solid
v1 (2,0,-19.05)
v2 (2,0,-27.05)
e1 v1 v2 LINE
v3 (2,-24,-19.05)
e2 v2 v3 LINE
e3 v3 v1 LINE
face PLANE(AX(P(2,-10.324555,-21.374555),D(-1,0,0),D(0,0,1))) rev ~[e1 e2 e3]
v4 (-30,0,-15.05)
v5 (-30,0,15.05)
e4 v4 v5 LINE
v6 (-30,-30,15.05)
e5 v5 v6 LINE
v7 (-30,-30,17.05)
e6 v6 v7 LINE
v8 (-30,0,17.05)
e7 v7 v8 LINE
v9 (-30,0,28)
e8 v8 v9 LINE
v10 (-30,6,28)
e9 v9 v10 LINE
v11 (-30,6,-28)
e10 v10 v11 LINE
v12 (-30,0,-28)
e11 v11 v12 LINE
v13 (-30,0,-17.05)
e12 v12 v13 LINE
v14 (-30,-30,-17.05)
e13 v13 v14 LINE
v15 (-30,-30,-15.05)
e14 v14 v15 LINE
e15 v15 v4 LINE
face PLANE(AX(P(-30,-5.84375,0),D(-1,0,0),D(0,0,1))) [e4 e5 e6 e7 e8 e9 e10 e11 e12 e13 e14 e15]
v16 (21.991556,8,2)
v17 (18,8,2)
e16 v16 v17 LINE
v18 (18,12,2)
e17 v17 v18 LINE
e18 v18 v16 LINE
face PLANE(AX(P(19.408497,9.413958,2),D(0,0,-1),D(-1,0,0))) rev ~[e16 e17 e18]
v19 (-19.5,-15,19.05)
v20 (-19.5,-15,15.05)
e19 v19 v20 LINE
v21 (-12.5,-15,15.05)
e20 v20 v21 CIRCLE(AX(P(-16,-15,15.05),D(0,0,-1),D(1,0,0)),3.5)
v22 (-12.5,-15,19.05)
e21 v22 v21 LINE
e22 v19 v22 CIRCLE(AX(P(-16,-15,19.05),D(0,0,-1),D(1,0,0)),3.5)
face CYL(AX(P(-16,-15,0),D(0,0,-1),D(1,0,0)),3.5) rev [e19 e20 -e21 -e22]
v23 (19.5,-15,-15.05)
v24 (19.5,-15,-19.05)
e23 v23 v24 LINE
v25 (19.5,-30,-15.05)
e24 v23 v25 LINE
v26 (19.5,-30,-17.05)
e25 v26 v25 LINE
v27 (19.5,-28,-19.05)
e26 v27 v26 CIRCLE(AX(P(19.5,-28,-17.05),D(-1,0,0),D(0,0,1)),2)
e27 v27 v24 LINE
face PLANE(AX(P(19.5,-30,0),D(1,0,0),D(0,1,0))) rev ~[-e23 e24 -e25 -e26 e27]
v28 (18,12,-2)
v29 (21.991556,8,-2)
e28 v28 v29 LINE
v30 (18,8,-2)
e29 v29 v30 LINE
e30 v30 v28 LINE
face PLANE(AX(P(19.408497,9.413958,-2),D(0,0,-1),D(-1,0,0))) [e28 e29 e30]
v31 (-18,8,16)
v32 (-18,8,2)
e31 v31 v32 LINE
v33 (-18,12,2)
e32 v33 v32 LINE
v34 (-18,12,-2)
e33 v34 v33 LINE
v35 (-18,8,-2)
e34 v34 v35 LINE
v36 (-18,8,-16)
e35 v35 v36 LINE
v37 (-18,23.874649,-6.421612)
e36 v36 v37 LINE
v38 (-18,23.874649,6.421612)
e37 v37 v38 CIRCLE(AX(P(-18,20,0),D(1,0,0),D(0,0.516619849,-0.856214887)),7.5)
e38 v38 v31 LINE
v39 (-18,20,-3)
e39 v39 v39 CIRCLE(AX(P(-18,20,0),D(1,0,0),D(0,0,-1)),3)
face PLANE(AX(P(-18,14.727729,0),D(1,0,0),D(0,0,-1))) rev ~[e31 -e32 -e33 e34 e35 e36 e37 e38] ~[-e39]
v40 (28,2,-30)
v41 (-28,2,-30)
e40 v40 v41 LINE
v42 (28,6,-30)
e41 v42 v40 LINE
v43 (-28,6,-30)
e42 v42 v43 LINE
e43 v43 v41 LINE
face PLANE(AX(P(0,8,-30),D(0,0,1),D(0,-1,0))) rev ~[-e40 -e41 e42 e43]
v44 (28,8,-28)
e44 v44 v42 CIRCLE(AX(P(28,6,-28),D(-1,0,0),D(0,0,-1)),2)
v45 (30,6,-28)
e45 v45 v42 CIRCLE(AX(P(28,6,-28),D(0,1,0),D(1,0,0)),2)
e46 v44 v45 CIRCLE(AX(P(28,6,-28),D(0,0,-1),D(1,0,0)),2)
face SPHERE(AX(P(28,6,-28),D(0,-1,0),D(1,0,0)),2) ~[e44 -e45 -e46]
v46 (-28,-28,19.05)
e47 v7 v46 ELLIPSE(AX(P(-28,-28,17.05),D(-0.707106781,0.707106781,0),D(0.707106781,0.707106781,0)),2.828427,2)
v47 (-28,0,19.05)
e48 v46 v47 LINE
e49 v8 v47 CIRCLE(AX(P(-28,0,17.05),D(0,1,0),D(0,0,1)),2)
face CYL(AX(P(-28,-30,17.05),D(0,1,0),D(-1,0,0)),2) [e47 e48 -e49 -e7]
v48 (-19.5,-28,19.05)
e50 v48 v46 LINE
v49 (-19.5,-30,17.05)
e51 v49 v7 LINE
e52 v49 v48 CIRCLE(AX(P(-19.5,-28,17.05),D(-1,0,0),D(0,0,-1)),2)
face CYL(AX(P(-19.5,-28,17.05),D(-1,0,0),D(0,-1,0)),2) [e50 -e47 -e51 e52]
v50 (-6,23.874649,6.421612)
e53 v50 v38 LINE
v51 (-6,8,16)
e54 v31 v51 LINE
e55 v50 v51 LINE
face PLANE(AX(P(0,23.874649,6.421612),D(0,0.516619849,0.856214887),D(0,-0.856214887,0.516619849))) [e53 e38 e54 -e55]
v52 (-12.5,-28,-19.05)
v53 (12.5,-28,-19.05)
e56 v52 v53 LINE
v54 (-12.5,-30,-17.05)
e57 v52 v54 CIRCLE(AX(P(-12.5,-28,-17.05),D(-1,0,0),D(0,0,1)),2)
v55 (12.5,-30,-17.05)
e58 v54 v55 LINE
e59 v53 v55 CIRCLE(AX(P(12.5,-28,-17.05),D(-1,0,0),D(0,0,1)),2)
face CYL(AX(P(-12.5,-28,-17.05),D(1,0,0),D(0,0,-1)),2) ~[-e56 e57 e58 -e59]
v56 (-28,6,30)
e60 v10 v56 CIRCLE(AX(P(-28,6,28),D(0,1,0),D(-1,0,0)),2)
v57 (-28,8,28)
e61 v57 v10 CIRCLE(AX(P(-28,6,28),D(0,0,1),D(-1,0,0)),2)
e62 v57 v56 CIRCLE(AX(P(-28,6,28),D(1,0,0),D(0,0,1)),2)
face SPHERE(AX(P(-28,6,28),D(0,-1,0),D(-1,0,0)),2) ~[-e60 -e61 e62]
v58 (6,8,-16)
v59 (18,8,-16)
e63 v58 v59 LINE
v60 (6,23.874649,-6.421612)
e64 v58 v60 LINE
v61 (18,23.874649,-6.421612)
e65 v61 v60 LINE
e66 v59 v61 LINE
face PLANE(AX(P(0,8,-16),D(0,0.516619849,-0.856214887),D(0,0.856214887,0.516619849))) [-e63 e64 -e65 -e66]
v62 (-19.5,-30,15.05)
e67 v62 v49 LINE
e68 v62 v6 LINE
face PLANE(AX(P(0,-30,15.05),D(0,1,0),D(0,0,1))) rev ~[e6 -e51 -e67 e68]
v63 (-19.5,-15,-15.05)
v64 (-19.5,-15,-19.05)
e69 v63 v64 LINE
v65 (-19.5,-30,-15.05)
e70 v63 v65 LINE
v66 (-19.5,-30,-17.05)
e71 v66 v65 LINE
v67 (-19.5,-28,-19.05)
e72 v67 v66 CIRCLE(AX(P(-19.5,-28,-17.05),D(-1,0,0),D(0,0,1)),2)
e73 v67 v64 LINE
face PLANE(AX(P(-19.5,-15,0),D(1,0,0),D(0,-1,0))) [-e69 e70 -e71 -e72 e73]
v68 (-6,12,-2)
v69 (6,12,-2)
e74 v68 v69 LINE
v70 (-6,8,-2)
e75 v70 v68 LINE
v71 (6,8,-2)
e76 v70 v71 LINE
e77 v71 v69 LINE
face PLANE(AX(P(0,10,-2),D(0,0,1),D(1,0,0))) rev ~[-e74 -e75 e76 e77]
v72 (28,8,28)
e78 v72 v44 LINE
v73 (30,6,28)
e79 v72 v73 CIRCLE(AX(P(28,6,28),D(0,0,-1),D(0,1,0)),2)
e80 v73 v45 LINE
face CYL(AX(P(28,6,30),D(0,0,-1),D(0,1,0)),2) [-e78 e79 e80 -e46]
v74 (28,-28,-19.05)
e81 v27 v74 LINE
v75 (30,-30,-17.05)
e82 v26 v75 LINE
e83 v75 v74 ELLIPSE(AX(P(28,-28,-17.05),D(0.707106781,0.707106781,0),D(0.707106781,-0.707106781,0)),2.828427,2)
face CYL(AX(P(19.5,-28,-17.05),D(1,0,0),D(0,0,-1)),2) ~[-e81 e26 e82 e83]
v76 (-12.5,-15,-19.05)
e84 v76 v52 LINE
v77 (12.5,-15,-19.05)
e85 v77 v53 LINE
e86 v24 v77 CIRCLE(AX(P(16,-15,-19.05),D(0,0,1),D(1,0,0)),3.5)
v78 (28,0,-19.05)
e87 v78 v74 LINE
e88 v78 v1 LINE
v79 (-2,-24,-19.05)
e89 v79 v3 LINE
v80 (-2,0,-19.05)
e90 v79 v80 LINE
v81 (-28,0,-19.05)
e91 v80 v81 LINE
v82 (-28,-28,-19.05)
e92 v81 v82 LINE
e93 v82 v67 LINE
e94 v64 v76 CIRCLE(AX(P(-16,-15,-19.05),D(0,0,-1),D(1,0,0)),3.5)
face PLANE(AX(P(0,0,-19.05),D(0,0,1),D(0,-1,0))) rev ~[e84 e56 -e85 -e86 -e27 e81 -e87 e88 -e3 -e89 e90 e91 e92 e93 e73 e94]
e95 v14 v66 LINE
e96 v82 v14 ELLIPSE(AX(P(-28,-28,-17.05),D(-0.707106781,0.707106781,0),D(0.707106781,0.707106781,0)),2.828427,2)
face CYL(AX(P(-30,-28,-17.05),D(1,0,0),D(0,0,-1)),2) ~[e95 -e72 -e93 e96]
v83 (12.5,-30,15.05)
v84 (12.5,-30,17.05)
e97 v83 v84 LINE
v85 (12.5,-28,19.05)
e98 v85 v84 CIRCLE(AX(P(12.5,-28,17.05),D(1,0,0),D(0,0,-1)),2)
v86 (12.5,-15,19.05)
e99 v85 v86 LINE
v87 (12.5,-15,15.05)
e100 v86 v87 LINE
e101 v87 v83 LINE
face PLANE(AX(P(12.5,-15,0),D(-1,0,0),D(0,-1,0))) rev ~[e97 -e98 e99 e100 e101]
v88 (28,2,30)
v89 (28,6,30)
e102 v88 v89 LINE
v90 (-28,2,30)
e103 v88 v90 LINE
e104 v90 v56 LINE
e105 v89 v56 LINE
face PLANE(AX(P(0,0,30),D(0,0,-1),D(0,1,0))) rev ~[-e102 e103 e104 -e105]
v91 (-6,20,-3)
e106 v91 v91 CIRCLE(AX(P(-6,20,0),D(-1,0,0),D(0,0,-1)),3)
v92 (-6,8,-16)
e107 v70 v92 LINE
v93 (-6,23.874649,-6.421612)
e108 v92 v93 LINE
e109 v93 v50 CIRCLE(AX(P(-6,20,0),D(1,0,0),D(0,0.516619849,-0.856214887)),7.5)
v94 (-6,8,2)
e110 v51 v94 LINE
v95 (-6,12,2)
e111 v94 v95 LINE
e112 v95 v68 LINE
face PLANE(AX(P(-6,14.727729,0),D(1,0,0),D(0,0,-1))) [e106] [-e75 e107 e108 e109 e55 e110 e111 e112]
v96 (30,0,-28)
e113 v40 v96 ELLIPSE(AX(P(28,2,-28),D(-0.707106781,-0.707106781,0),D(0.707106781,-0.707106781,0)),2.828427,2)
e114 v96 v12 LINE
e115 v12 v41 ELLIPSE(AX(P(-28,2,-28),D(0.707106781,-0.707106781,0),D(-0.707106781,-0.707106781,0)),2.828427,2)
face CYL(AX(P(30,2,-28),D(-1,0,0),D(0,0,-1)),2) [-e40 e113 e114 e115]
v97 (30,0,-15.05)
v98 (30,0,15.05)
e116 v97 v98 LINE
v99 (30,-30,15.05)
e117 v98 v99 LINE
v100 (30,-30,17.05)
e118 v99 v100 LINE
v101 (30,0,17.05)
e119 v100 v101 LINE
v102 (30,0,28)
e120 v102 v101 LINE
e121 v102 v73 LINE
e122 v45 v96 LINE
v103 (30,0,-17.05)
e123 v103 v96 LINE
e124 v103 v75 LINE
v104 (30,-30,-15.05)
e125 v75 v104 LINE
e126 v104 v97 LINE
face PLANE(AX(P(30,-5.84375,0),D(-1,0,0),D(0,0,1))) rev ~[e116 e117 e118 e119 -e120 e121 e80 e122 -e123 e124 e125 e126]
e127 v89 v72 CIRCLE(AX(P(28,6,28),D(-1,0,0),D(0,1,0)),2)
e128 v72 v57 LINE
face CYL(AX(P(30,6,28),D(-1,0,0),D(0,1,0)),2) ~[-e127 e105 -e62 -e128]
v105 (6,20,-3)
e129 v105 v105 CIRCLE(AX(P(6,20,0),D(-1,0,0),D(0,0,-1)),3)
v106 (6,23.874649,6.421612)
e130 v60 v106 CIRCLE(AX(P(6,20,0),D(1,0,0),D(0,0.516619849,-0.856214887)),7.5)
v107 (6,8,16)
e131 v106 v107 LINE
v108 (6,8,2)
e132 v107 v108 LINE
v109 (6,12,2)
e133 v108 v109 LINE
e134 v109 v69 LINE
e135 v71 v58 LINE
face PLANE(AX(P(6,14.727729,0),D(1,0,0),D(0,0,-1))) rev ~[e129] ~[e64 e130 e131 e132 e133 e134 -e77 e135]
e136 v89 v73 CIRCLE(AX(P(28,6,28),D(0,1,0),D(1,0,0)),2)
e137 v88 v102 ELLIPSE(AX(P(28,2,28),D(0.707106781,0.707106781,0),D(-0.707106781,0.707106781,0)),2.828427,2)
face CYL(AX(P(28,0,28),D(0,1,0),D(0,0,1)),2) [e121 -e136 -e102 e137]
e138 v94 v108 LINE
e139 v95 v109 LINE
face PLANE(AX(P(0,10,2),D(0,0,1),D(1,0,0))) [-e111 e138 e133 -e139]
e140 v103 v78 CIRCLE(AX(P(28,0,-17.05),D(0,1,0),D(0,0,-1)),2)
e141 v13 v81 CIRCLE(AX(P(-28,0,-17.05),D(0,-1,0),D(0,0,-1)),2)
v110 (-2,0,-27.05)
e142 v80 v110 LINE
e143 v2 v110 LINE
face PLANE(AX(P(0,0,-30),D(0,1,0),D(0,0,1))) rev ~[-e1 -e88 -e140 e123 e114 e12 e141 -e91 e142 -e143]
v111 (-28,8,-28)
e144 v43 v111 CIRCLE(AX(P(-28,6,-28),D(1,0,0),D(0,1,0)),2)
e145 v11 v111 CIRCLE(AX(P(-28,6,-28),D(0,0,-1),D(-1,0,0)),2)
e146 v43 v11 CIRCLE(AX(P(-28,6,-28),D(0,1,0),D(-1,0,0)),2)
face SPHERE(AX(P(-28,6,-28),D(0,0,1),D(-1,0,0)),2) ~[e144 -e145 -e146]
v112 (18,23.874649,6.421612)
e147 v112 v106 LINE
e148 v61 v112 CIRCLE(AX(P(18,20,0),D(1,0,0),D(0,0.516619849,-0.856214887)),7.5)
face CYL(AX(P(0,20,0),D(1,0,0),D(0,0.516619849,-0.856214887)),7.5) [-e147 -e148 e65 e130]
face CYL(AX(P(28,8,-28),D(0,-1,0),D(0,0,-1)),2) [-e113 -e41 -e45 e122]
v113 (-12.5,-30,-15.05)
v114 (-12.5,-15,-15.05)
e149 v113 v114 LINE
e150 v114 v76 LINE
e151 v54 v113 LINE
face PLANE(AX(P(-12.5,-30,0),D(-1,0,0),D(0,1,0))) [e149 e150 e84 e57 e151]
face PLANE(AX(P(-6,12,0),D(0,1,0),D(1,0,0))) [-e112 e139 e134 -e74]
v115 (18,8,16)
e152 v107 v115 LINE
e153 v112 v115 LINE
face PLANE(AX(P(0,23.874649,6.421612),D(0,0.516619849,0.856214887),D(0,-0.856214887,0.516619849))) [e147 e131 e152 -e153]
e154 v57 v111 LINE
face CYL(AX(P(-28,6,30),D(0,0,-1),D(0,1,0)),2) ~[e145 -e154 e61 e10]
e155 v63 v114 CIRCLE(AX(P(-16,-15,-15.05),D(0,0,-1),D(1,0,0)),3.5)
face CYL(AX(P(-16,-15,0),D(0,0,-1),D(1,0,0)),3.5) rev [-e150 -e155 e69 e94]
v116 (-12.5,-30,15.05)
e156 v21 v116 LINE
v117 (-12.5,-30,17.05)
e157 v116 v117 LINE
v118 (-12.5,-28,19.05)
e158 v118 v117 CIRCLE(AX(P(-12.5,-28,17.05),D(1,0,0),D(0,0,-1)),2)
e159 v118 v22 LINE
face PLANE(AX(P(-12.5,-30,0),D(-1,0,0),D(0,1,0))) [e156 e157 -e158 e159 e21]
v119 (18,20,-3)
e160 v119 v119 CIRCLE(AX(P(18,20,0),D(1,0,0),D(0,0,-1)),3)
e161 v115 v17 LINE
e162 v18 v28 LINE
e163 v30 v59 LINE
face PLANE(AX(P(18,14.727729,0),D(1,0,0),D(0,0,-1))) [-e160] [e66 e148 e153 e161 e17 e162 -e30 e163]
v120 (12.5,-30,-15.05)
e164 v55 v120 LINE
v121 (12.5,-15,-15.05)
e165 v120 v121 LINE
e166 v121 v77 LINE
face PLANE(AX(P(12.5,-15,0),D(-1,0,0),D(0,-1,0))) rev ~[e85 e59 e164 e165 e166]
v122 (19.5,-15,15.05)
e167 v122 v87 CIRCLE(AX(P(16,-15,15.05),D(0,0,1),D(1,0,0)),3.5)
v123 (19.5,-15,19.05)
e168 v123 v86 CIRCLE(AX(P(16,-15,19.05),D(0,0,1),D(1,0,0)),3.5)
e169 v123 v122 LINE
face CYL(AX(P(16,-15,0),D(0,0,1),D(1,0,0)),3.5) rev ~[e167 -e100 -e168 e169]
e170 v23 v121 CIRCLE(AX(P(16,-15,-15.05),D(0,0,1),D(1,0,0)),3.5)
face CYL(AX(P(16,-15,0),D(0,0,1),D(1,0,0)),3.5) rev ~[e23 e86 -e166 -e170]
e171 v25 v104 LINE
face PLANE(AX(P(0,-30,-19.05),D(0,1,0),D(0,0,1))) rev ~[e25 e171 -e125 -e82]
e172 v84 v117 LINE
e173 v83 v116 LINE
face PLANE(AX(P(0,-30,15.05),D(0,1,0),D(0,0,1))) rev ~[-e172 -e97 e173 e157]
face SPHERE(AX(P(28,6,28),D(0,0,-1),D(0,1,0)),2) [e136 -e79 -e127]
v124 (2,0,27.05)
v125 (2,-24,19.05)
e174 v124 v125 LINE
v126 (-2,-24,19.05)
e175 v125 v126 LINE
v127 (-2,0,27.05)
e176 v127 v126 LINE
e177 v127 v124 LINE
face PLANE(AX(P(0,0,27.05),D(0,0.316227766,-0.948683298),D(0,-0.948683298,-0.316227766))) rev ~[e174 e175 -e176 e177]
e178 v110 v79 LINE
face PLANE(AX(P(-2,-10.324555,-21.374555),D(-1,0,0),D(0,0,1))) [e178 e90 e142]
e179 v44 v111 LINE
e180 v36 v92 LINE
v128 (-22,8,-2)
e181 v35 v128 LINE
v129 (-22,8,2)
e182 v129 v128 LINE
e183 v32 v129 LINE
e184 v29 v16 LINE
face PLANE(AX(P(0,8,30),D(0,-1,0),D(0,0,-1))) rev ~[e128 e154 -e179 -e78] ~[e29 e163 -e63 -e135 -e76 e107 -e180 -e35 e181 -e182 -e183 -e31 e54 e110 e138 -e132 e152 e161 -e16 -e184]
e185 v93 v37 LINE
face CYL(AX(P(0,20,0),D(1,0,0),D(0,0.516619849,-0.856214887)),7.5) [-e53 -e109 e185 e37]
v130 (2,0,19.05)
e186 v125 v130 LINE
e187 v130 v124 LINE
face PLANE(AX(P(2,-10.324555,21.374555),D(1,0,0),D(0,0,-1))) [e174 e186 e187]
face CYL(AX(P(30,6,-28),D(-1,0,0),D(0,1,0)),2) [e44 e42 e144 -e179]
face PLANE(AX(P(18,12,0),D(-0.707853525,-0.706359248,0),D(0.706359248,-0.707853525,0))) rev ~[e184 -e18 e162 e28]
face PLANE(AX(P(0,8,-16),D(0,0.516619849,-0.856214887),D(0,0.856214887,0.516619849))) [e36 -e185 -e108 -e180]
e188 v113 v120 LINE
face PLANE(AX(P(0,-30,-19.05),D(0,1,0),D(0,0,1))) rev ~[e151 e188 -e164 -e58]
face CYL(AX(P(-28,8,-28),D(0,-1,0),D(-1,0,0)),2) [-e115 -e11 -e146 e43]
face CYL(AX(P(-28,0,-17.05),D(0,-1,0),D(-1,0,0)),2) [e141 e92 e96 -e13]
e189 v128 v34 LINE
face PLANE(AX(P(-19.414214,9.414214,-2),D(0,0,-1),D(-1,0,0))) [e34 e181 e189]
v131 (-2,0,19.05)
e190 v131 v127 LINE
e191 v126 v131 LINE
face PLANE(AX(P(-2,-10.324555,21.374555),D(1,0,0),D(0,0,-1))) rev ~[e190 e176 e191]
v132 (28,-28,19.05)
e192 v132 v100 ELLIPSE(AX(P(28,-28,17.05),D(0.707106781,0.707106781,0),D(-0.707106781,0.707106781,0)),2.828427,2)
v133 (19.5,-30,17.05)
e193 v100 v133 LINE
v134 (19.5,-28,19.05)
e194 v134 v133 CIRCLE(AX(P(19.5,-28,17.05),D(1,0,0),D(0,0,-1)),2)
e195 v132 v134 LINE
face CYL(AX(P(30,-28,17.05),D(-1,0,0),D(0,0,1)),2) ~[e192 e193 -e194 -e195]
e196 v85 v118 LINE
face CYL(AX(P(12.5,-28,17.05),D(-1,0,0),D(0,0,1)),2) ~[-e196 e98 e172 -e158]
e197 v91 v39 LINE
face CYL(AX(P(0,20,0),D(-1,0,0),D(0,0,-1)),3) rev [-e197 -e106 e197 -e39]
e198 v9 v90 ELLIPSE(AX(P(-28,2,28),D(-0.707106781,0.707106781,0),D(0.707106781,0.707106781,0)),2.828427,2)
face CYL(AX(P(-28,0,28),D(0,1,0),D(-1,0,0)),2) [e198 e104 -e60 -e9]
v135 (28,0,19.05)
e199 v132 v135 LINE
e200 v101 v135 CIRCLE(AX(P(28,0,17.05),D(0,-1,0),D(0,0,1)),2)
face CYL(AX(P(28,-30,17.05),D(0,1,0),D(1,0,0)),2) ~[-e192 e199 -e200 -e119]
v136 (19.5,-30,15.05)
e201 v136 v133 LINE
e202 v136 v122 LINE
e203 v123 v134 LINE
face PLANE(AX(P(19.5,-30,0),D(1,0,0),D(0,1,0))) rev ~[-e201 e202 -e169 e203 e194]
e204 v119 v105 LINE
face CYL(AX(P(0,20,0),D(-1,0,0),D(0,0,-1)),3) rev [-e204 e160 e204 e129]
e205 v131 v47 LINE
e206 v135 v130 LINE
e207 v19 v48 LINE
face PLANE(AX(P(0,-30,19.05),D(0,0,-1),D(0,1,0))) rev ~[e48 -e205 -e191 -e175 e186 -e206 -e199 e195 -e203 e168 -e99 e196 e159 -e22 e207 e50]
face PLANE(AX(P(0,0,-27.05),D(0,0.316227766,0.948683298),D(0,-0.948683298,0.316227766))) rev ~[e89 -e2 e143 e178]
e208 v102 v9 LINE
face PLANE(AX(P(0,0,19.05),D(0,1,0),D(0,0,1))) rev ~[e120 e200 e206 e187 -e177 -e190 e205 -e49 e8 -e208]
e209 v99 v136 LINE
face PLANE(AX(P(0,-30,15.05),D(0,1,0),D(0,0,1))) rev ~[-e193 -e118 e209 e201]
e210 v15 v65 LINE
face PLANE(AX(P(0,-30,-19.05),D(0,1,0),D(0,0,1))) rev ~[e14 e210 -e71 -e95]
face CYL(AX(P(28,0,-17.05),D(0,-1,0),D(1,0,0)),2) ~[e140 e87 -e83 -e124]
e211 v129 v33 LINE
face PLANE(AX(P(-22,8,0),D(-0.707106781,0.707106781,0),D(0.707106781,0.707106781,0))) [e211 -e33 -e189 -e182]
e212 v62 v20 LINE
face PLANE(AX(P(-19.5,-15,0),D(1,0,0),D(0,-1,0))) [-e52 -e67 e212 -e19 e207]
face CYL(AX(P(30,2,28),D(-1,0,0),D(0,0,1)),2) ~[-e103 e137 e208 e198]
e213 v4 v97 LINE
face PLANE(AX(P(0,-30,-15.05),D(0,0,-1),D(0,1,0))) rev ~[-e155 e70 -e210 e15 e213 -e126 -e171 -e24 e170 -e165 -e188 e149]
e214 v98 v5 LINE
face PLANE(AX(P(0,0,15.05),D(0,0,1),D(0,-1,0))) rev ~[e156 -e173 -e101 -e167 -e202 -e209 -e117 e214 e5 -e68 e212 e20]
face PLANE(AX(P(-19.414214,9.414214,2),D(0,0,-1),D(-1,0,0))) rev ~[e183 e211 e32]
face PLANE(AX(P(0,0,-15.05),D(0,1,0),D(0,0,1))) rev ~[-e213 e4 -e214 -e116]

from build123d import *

# Parameters (mm, degrees)
EXTRUDE_1_DEPTH     = 30
EXTRUDE_2_DEPTH     = 2
SKETCH_4_R          = 3
EXTRUDE_3_DEPTH     = 18
CUT_EXTRUDE_1_DEPTH = 6
SKETCH_6_W          = 12
SKETCH_6_H          = 4
EXTRUDE_4_DEPTH     = 2
CUT_EXTRUDE_2_DEPTH = 22
FILLET_1_R          = 2


with BuildPart() as part:
    # 스케치2 → 보스-돌출1 (new, symmetric)
    with BuildSketch(Plane(origin=(0, 0, 0), x_dir=(0, 0, -1), z_dir=(1, 0, 0))):
        Polygon((15.05, 0), (-15.05, 0), (-15.05, -30), (-19.05, -30), (-19.05, 0), (-30, 0), (-30, 8), (30, 8), (30, 0), (19.05, 0), (19.05, -30), (15.05, -30), align=None)
    extrude(amount=EXTRUDE_1_DEPTH, both=True)

    # 스케치3 → 보스-돌출2 (add, symmetric)
    with BuildSketch(Plane(origin=(0, 0, 0), x_dir=(0, 0, -1), z_dir=(1, 0, 0))):
        Polygon((-19.05, 0), (-27.05, 0), (-19.05, -24), align=None)
        Polygon((19.05, 0), (27.05, 0), (19.05, -24), align=None)
    extrude(amount=EXTRUDE_2_DEPTH, both=True)

    # 스케치4 → 보스-돌출3 (add, symmetric)
    with BuildSketch(Plane(origin=(0, 0, 0), x_dir=(0, 0, -1), z_dir=(1, 0, 0))):
        with BuildLine():
            Line((-6.421611649, 23.874648865), (-16, 8))
            Line((-16, 8), (16, 8))
            Line((16, 8), (6.421611649, 23.874648865))
            ThreePointArc((6.421611649, 23.874648865), (0, 27.5), (-6.421611649, 23.874648865))
        make_face()
        with Locations((0, 20)):
            Circle(SKETCH_4_R, mode=Mode.SUBTRACT)
    extrude(amount=EXTRUDE_3_DEPTH, both=True)

    # 스케치5 → 컷-돌출1 (cut, symmetric)
    with BuildSketch(Plane(origin=(0, 0, 0), x_dir=(0, 0, -1), z_dir=(1, 0, 0))):
        with BuildLine():
            Line((-6.421611649, 23.874648865), (-16, 8))
            Line((-16, 8), (16, 8))
            Line((16, 8), (6.421611649, 23.874648865))
            ThreePointArc((6.421611649, 23.874648865), (0, 27.5), (-6.421611649, 23.874648865))
        make_face()
    extrude(amount=CUT_EXTRUDE_1_DEPTH, both=True, mode=Mode.SUBTRACT)

    # 스케치6 → 보스-돌출4 (add, symmetric)
    with BuildSketch(Plane.XY):
        Polygon((-18, 8), (-22, 8), (-18, 12), align=None)
        with Locations((0, 10)):
            Rectangle(SKETCH_6_W, SKETCH_6_H)
        Polygon((17.991556012, 8), (18, 12), (21.991556012, 8), align=None)
    extrude(amount=EXTRUDE_4_DEPTH, both=True)

    # 스케치7 → 컷-돌출2 (cut, symmetric)
    with BuildSketch(Plane.XY):
        with BuildLine():
            Line((-19.5, -15), (-19.5, -30))
            Line((-19.5, -30), (-12.5, -30))
            Line((-12.5, -30), (-12.5, -15))
            ThreePointArc((-12.5, -15), (-16, -11.5), (-19.5, -15))
        make_face()
        with BuildLine():
            Line((12.5, -15), (12.5, -30))
            Line((12.5, -30), (19.5, -30))
            Line((19.5, -30), (19.5, -15))
            ThreePointArc((19.5, -15), (16, -11.5), (12.5, -15))
        make_face()
    extrude(amount=CUT_EXTRUDE_2_DEPTH, both=True, mode=Mode.SUBTRACT)

    # 필렛1
    fillet_1_edges = [part.edges().sort_by_distance(p)[0] for p in [
        (30, -15, -19.05),
        (-30, -15, 19.05),
        (-30, 4, 30),
        (-30, 8, 0),
        (0, -30, 19.05),
        (-24.75, -30, 19.05),
        (-30, 4, -30),
        (0, -30, -19.05),
        (-24.75, -30, -19.05),
        (-30, -15, -19.05),
        (30, 4, -30),
        (30, 8, 0),
        (24.75, -30, 19.05),
        (0, 0, 30),
        (0, 8, 30),
        (0, 8, -30),
        (0, 0, -30),
        (24.75, -30, -19.05),
        (30, 4, 30),
        (30, -15, 19.05),
    ]]
    fillet(fillet_1_edges, radius=FILLET_1_R)


solid = part.part
